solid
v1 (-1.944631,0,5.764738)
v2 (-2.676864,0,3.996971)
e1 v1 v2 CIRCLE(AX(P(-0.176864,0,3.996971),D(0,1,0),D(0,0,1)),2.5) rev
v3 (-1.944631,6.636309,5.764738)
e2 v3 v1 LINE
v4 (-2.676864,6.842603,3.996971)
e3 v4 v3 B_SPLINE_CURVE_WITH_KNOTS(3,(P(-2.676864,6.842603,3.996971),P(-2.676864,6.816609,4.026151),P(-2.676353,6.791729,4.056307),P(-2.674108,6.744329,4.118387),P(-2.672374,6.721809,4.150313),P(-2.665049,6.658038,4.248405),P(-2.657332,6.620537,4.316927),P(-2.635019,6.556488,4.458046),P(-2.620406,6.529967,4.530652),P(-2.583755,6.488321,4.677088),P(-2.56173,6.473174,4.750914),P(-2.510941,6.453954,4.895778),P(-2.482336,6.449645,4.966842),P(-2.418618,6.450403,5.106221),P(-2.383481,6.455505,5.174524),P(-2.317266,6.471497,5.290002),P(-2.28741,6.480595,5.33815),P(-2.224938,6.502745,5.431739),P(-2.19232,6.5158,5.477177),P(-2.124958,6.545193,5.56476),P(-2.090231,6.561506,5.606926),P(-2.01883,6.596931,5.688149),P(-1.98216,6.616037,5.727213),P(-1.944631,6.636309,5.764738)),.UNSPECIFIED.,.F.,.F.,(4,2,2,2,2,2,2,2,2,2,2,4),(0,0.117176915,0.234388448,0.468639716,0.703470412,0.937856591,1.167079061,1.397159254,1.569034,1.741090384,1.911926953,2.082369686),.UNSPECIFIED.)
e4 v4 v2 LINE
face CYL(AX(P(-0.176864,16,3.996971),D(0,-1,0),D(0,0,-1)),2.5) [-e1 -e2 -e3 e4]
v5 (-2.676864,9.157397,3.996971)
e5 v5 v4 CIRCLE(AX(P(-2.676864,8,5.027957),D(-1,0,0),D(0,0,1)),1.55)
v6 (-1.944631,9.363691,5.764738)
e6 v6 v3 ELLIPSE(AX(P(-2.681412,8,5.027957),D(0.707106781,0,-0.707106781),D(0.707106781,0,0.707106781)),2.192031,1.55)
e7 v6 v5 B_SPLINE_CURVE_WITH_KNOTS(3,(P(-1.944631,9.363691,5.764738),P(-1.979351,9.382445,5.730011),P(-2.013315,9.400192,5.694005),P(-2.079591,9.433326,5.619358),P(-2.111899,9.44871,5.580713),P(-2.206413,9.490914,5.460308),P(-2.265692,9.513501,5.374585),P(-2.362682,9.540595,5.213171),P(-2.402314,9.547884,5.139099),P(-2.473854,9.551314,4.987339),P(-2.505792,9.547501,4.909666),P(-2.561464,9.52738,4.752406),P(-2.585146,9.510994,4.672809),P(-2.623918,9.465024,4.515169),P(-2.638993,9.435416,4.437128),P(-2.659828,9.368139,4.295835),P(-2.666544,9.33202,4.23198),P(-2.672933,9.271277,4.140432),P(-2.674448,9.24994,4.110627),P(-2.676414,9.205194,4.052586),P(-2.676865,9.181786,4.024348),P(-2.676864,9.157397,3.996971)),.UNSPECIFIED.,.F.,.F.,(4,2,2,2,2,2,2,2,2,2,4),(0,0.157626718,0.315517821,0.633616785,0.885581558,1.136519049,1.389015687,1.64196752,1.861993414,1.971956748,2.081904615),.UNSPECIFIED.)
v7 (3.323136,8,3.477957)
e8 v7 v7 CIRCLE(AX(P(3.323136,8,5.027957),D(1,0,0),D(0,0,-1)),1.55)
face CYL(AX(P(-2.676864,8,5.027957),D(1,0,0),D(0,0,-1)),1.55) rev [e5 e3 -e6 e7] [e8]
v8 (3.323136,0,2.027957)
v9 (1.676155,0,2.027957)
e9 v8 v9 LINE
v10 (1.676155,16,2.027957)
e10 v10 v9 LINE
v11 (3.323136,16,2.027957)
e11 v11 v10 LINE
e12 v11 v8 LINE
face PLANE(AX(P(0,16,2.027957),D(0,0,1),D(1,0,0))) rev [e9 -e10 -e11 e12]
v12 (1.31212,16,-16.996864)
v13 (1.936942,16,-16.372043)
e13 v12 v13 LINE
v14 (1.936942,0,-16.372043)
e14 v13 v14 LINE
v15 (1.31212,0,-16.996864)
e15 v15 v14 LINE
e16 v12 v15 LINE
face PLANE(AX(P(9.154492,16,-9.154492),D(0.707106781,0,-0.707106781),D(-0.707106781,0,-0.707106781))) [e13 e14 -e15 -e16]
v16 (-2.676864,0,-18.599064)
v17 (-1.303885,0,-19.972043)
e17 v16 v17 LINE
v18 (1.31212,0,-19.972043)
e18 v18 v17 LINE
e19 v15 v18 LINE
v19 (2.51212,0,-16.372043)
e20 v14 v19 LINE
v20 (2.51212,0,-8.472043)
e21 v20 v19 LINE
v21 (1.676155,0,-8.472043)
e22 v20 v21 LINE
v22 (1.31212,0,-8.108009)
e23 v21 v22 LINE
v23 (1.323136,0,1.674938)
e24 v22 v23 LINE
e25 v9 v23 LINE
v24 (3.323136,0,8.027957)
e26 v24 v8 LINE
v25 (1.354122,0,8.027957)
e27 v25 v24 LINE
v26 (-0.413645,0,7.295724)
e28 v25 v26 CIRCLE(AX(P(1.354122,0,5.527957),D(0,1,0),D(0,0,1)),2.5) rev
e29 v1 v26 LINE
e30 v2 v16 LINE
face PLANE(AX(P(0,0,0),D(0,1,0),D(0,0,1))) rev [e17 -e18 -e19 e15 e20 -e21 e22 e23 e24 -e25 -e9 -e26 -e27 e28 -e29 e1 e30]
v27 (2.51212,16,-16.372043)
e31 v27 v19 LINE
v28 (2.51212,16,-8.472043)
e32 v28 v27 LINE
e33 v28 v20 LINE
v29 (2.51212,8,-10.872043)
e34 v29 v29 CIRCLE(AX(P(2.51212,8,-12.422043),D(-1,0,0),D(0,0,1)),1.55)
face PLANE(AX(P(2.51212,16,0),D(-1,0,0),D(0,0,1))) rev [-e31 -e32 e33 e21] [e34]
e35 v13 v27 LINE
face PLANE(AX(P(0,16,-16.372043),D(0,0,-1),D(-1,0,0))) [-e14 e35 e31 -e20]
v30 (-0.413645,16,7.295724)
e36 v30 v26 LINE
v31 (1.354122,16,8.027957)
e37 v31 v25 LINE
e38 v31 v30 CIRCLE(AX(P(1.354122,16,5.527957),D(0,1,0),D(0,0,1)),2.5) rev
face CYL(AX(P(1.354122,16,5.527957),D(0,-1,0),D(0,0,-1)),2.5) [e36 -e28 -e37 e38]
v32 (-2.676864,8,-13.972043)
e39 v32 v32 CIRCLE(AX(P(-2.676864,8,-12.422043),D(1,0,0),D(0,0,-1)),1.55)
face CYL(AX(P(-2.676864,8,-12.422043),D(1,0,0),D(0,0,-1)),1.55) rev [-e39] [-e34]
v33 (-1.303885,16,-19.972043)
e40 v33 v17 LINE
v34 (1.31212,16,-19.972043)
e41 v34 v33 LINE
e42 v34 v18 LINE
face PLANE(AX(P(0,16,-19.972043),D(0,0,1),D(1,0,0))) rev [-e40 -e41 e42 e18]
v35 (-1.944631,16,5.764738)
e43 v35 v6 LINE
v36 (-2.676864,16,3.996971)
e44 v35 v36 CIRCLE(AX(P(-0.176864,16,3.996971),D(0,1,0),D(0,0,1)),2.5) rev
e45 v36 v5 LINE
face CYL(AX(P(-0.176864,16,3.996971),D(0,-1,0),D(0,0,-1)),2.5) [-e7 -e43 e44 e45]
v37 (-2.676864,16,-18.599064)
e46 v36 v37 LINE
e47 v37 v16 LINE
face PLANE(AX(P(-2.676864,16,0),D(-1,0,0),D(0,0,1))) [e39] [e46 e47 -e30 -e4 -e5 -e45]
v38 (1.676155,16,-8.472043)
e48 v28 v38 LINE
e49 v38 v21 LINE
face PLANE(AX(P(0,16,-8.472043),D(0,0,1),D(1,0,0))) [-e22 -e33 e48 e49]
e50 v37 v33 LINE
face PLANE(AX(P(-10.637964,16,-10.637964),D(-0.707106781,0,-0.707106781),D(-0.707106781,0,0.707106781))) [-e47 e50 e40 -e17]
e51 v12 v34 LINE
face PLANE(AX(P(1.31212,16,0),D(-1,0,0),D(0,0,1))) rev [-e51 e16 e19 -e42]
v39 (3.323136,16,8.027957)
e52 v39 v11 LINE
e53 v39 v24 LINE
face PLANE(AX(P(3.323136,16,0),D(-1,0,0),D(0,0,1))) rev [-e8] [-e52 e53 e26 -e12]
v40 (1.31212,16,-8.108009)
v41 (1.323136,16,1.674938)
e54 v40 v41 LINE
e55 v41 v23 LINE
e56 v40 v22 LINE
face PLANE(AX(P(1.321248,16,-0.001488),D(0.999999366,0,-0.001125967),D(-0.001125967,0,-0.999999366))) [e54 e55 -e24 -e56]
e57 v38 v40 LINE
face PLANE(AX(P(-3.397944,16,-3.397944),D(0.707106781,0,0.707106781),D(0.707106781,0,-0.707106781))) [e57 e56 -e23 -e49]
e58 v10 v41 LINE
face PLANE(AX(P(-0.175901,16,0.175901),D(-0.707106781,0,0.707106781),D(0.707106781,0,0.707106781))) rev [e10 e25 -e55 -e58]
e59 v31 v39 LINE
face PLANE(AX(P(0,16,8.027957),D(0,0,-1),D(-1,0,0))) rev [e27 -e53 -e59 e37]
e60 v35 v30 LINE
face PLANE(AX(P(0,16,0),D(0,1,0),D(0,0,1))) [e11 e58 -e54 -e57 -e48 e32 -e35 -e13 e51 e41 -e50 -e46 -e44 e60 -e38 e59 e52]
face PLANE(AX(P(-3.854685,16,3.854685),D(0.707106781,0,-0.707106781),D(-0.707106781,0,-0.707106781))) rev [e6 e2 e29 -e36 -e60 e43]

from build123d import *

# Parameters (mm, degrees)
EXTRUDE_1_DEPTH          = 16
CUT_EXTRUDE_1_DEPTH      = 27.111454755
CUT_EXTRUDE_1_DEPTH_BACK = 27.111454755
SKETCH_2_R               = 1.55


with BuildPart() as part:
    # ｽｹｯﾁ1 → ﾎﾞｽ - 押し出し1 (new body)
    with BuildSketch(Plane(origin=(0, 0, 0), x_dir=(1, 0, 0), z_dir=(0, 1, 0))):
        with BuildLine():
            ThreePointArc((-1.944631198, -5.764737827), (-2.486563076, -4.953679455), (-2.676864245, -3.996970874))
            Line((-2.676864245, -3.996970874), (-2.676864245, 17.239005736))
            Line((-2.676864245, 17.239005736), (-2.676864245, 18.599064096))
            Line((-2.676864245, 18.599064096), (-1.303885205, 19.972043135))
            Line((-1.303885205, 19.972043135), (0.056173154, 19.972043135))
            Line((0.056173154, 19.972043135), (1.312120474, 19.972043135))
            Line((1.312120474, 19.972043135), (1.312120474, 16.99686443))
            Line((1.312120474, 16.99686443), (1.936941769, 16.372043135))
            Line((1.936941769, 16.372043135), (2.512120474, 16.372043135))
            Line((2.512120474, 16.372043135), (2.512120474, 8.472043135))
            Line((2.512120474, 8.472043135), (1.676155012, 8.472043135))
            Line((1.676155012, 8.472043135), (1.312120474, 8.108008597))
            Line((1.312120474, 8.108008597), (1.323135755, -1.674937608))
            Line((1.323135755, -1.674937608), (1.676155012, -2.027956865))
            Line((1.676155012, -2.027956865), (3.323135755, -2.027956865))
            Line((3.323135755, -2.027956865), (3.323135755, -8.027956865))
            Line((3.323135755, -8.027956865), (1.354121746, -8.027956865))
            ThreePointArc((1.354121746, -8.027956865), (0.397413165, -7.837655696), (-0.413645207, -7.295723818))
            Line((-0.413645207, -7.295723818), (-1.944631198, -5.764737827))
        make_face()
    extrude(amount=EXTRUDE_1_DEPTH)

    # ｽｹｯﾁ2 → ｶｯﾄ - 押し出し1 (cut, two sides: drawn at the far end of the back side and taken through both)
    with BuildSketch(Plane(origin=(2.512120474, 0, 0), x_dir=(0, 0, -1), z_dir=(1, 0, 0)).offset(-CUT_EXTRUDE_1_DEPTH_BACK)):
        with Locations((12.422043135, 8)):
            Circle(SKETCH_2_R)
        with Locations((-5.027956865, 8)):
            Circle(SKETCH_2_R)
    extrude(amount=CUT_EXTRUDE_1_DEPTH + CUT_EXTRUDE_1_DEPTH_BACK, mode=Mode.SUBTRACT)


solid = part.part
